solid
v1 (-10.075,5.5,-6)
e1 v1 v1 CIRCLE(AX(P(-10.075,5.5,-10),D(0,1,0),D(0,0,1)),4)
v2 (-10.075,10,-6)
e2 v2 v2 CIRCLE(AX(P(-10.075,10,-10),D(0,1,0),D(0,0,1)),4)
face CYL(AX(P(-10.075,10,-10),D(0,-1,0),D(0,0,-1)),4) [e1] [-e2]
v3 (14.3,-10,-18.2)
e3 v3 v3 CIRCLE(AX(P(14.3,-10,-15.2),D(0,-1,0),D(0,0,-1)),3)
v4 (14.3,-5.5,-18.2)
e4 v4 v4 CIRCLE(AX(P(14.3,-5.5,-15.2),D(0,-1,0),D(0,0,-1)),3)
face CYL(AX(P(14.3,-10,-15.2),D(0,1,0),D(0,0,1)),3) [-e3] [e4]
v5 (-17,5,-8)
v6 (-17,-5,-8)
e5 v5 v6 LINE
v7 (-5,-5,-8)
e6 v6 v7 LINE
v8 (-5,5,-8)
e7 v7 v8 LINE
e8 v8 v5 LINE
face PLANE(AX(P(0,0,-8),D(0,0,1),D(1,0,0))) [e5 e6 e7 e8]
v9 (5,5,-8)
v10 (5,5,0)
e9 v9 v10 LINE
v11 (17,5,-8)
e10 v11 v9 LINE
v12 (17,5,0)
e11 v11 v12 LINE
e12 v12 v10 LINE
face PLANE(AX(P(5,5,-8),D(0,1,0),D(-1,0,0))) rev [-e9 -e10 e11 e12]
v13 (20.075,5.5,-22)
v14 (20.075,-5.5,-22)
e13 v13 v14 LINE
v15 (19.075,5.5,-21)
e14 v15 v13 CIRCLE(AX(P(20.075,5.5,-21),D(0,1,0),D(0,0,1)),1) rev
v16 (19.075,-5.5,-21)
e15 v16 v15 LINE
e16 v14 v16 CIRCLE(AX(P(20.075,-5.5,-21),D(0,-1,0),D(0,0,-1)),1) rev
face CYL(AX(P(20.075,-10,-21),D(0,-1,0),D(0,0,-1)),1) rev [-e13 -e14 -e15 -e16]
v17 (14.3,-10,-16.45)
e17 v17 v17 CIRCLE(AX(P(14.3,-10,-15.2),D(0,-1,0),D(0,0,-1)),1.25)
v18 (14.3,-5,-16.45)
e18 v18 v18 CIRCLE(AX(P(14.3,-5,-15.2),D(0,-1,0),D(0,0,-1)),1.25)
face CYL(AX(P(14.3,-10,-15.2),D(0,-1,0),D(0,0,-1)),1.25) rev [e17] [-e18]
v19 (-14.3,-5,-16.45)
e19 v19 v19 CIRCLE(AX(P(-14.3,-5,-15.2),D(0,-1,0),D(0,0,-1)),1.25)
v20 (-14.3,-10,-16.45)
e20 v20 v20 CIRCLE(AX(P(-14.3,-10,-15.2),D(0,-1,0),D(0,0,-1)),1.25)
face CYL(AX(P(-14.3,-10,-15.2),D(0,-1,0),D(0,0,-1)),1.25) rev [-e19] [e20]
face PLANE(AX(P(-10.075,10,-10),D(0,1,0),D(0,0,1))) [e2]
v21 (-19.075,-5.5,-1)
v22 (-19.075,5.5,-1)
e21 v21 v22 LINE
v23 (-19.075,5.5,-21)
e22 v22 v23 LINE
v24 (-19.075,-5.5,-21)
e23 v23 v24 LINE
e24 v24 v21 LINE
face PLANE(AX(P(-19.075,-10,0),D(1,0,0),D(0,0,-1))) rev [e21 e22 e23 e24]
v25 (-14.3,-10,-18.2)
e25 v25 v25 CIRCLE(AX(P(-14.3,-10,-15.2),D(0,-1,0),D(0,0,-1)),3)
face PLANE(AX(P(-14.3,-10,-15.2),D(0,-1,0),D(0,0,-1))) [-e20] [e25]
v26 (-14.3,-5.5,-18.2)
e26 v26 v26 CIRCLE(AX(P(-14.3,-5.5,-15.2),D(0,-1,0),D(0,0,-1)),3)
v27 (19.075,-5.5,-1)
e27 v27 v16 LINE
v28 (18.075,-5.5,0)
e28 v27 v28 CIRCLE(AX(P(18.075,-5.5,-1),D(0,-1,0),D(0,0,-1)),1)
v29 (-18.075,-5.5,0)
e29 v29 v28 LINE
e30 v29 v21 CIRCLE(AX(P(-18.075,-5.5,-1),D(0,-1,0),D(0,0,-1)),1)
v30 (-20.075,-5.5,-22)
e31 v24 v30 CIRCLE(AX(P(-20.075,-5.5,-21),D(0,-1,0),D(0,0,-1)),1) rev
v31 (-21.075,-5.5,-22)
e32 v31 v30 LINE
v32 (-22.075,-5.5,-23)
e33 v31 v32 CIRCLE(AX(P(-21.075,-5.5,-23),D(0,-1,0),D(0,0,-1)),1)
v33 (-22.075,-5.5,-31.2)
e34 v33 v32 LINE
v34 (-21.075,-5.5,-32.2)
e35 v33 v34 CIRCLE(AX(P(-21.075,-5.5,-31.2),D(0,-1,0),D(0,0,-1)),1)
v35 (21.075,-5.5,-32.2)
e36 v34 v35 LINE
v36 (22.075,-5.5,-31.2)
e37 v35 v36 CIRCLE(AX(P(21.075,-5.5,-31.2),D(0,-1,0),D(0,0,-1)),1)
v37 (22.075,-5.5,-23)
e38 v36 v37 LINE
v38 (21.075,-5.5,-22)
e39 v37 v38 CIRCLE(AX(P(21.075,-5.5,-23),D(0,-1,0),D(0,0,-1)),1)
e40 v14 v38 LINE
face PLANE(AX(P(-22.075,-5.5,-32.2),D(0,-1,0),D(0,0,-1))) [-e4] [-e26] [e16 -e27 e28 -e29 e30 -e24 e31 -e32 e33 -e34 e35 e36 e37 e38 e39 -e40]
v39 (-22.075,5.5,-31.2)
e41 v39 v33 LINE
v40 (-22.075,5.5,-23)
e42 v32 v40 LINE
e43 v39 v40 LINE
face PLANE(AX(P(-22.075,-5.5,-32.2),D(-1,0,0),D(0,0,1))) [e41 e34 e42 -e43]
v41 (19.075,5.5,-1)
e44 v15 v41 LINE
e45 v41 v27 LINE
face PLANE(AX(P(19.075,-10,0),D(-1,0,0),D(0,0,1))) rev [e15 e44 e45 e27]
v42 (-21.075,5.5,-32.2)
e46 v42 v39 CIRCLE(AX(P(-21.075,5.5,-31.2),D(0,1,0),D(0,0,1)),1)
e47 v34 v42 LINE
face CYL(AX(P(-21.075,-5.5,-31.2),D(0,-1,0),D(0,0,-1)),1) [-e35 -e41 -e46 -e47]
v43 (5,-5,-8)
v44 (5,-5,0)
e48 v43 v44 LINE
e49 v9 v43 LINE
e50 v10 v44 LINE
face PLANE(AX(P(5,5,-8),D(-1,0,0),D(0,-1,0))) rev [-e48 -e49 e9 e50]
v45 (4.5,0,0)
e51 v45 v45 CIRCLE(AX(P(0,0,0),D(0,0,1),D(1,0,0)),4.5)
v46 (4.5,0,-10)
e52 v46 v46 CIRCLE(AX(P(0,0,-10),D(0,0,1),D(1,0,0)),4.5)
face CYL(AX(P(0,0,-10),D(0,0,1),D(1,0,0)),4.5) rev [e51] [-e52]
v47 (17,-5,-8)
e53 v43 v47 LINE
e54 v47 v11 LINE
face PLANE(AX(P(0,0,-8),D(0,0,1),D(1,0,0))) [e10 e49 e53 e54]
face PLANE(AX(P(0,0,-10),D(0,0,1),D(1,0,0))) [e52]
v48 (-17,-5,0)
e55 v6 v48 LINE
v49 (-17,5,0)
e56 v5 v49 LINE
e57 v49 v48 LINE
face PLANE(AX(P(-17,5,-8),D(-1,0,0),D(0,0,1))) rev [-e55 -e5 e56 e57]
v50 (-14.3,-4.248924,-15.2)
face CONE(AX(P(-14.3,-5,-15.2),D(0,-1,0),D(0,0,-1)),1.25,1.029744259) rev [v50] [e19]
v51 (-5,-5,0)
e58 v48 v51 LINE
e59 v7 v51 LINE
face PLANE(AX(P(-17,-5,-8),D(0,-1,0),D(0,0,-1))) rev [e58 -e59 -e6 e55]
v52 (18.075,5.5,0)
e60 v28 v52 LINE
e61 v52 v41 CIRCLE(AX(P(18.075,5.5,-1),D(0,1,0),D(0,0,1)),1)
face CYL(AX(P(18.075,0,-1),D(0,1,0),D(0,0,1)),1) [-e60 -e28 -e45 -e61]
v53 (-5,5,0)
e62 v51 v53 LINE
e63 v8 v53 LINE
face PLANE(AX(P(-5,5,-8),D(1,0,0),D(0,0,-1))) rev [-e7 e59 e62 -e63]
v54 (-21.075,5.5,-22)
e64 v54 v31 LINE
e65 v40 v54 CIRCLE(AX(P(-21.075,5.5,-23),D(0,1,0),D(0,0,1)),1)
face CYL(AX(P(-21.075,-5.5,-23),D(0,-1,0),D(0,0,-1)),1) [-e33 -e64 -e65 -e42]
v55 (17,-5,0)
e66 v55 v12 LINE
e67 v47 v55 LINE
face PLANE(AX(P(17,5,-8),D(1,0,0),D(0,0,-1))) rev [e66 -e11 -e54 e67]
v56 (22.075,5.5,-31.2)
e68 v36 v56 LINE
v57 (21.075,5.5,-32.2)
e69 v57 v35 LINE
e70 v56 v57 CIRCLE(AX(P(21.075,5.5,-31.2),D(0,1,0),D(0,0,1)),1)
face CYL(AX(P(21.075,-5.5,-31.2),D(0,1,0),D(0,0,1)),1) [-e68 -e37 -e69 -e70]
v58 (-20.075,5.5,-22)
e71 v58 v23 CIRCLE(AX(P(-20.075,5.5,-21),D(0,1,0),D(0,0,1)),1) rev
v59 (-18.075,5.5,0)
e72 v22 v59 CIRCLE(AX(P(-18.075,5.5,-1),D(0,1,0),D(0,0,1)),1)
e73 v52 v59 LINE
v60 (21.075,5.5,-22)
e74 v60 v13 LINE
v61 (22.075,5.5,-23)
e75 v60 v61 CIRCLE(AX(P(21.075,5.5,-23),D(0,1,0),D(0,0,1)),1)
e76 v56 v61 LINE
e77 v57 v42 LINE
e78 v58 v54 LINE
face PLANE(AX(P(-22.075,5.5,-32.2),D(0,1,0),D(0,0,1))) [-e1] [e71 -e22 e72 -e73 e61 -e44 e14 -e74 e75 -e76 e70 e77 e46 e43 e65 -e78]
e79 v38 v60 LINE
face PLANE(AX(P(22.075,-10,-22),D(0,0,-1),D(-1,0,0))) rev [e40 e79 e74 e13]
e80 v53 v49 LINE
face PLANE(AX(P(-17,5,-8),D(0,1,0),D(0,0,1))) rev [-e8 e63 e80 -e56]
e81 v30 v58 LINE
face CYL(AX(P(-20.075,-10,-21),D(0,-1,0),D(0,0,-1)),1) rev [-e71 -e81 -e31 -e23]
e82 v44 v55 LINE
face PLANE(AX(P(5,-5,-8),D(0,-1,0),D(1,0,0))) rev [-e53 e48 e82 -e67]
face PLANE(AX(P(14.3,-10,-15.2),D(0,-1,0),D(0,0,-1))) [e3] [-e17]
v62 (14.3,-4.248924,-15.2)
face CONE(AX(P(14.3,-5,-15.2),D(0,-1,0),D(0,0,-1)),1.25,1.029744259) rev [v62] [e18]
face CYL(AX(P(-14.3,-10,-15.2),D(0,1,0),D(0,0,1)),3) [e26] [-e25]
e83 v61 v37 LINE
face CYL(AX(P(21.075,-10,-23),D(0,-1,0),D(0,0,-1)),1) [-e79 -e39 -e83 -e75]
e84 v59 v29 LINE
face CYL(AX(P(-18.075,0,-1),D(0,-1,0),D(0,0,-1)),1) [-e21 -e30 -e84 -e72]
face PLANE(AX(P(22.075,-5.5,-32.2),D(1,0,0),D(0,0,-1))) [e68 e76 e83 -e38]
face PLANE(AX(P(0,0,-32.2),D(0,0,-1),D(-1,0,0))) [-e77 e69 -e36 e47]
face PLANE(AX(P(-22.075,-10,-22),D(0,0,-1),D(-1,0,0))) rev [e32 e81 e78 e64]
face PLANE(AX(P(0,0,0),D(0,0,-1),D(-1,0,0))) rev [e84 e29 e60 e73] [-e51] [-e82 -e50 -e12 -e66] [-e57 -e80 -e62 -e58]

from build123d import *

# Parameters (mm, degrees)
SKETCH_2_W          = 44.15
SKETCH_2_H          = 11
EXTRUDE_1_DEPTH     = 32.2
SKETCH_3_R          = 3
EXTRUDE_2_DEPTH     = 4.5
M3X0_5_1_D          = 2.5
M3X0_5_1_DEPTH      = 5
M3X0_5_1_TIP        = 0.751075774
SKETCH_7_R          = 4
EXTRUDE_3_DEPTH     = 4.5
SKETCH_8_W          = 3
SKETCH_8_H          = 22
CUT_EXTRUDE_1_DEPTH = 16.5
SKETCH_9_W          = 12
SKETCH_9_H          = 10
CUT_EXTRUDE_2_DEPTH = 8
SKETCH_10_R         = 4.5
CUT_EXTRUDE_3_DEPTH = 10
FILLET_1_R          = 1


with BuildPart() as part:
    # 草圖2 → 填料-伸長1 (new body)
    with BuildSketch(Plane.XY):
        Rectangle(SKETCH_2_W, SKETCH_2_H)
    extrude(amount=-EXTRUDE_1_DEPTH)

    # 草圖3 → 填料-伸長2 (add)
    with BuildSketch(Plane.XZ.offset(5.5)):
        with Locations((-14.3, -15.2)):
            Circle(SKETCH_3_R)
        with Locations((14.3, -15.2)):
            Circle(SKETCH_3_R)
    extrude(amount=EXTRUDE_2_DEPTH)

    # M3x0.5  螺絲攻的螺孔鑽1
    with Locations(Plane(origin=(0, -10, 0), x_dir=(-1, 0, 0), z_dir=(0, -1, 0))):
        with Locations((14.3, 15.2), (-14.3, 15.2)):
            Hole(M3X0_5_1_D / 2, depth=M3X0_5_1_DEPTH)
            with Locations((0, 0, -(M3X0_5_1_DEPTH + M3X0_5_1_TIP / 2))):  # 118° drill point
                Cone(0, M3X0_5_1_D / 2, M3X0_5_1_TIP, mode=Mode.SUBTRACT)

    # 草圖7 → 填料-伸長3 (add)
    with BuildSketch(Plane(origin=(0, 5.5, 0), x_dir=(1, 0, 0), z_dir=(0, 1, 0))):
        with Locations((-10.075, 10)):
            Circle(SKETCH_7_R)
    extrude(amount=EXTRUDE_3_DEPTH)

    # 草圖8 → 除料-伸長1 (cut, through all)
    with BuildSketch(Plane(origin=(0, 5.5, 0), x_dir=(1, 0, 0), z_dir=(0, 1, 0))):
        with Locations((-20.575, 11)):
            Rectangle(SKETCH_8_W, SKETCH_8_H)
        with Locations((20.575, 11)):
            Rectangle(SKETCH_8_W, SKETCH_8_H)
    extrude(amount=-CUT_EXTRUDE_1_DEPTH, mode=Mode.SUBTRACT)

    # 草圖9 → 除料-伸長2 (cut)
    with BuildSketch(Plane.XY):
        with Locations((-11, 0)):
            Rectangle(SKETCH_9_W, SKETCH_9_H)
        with Locations((11, 0)):
            Rectangle(SKETCH_9_W, SKETCH_9_H)
    extrude(amount=-CUT_EXTRUDE_2_DEPTH, mode=Mode.SUBTRACT)

    # 草圖10 → 除料-伸長3 (cut)
    with BuildSketch(Plane.XY):
        Circle(SKETCH_10_R)
    extrude(amount=-CUT_EXTRUDE_3_DEPTH, mode=Mode.SUBTRACT)

    # 圓角1
    fillet_1_edges = [part.edges().sort_by_distance(p)[0] for p in [
        (-22.075, 0, -32.2),
        (19.075, 0, 0),
        (-19.075, 0, 0),
        (22.075, 0, -32.2),
        (-22.075, 0, -22),
        (-19.075, 0, -22),
        (22.075, 0, -22),
        (19.075, 0, -22),
    ]]
    fillet(fillet_1_edges, radius=FILLET_1_R)


solid = part.part
